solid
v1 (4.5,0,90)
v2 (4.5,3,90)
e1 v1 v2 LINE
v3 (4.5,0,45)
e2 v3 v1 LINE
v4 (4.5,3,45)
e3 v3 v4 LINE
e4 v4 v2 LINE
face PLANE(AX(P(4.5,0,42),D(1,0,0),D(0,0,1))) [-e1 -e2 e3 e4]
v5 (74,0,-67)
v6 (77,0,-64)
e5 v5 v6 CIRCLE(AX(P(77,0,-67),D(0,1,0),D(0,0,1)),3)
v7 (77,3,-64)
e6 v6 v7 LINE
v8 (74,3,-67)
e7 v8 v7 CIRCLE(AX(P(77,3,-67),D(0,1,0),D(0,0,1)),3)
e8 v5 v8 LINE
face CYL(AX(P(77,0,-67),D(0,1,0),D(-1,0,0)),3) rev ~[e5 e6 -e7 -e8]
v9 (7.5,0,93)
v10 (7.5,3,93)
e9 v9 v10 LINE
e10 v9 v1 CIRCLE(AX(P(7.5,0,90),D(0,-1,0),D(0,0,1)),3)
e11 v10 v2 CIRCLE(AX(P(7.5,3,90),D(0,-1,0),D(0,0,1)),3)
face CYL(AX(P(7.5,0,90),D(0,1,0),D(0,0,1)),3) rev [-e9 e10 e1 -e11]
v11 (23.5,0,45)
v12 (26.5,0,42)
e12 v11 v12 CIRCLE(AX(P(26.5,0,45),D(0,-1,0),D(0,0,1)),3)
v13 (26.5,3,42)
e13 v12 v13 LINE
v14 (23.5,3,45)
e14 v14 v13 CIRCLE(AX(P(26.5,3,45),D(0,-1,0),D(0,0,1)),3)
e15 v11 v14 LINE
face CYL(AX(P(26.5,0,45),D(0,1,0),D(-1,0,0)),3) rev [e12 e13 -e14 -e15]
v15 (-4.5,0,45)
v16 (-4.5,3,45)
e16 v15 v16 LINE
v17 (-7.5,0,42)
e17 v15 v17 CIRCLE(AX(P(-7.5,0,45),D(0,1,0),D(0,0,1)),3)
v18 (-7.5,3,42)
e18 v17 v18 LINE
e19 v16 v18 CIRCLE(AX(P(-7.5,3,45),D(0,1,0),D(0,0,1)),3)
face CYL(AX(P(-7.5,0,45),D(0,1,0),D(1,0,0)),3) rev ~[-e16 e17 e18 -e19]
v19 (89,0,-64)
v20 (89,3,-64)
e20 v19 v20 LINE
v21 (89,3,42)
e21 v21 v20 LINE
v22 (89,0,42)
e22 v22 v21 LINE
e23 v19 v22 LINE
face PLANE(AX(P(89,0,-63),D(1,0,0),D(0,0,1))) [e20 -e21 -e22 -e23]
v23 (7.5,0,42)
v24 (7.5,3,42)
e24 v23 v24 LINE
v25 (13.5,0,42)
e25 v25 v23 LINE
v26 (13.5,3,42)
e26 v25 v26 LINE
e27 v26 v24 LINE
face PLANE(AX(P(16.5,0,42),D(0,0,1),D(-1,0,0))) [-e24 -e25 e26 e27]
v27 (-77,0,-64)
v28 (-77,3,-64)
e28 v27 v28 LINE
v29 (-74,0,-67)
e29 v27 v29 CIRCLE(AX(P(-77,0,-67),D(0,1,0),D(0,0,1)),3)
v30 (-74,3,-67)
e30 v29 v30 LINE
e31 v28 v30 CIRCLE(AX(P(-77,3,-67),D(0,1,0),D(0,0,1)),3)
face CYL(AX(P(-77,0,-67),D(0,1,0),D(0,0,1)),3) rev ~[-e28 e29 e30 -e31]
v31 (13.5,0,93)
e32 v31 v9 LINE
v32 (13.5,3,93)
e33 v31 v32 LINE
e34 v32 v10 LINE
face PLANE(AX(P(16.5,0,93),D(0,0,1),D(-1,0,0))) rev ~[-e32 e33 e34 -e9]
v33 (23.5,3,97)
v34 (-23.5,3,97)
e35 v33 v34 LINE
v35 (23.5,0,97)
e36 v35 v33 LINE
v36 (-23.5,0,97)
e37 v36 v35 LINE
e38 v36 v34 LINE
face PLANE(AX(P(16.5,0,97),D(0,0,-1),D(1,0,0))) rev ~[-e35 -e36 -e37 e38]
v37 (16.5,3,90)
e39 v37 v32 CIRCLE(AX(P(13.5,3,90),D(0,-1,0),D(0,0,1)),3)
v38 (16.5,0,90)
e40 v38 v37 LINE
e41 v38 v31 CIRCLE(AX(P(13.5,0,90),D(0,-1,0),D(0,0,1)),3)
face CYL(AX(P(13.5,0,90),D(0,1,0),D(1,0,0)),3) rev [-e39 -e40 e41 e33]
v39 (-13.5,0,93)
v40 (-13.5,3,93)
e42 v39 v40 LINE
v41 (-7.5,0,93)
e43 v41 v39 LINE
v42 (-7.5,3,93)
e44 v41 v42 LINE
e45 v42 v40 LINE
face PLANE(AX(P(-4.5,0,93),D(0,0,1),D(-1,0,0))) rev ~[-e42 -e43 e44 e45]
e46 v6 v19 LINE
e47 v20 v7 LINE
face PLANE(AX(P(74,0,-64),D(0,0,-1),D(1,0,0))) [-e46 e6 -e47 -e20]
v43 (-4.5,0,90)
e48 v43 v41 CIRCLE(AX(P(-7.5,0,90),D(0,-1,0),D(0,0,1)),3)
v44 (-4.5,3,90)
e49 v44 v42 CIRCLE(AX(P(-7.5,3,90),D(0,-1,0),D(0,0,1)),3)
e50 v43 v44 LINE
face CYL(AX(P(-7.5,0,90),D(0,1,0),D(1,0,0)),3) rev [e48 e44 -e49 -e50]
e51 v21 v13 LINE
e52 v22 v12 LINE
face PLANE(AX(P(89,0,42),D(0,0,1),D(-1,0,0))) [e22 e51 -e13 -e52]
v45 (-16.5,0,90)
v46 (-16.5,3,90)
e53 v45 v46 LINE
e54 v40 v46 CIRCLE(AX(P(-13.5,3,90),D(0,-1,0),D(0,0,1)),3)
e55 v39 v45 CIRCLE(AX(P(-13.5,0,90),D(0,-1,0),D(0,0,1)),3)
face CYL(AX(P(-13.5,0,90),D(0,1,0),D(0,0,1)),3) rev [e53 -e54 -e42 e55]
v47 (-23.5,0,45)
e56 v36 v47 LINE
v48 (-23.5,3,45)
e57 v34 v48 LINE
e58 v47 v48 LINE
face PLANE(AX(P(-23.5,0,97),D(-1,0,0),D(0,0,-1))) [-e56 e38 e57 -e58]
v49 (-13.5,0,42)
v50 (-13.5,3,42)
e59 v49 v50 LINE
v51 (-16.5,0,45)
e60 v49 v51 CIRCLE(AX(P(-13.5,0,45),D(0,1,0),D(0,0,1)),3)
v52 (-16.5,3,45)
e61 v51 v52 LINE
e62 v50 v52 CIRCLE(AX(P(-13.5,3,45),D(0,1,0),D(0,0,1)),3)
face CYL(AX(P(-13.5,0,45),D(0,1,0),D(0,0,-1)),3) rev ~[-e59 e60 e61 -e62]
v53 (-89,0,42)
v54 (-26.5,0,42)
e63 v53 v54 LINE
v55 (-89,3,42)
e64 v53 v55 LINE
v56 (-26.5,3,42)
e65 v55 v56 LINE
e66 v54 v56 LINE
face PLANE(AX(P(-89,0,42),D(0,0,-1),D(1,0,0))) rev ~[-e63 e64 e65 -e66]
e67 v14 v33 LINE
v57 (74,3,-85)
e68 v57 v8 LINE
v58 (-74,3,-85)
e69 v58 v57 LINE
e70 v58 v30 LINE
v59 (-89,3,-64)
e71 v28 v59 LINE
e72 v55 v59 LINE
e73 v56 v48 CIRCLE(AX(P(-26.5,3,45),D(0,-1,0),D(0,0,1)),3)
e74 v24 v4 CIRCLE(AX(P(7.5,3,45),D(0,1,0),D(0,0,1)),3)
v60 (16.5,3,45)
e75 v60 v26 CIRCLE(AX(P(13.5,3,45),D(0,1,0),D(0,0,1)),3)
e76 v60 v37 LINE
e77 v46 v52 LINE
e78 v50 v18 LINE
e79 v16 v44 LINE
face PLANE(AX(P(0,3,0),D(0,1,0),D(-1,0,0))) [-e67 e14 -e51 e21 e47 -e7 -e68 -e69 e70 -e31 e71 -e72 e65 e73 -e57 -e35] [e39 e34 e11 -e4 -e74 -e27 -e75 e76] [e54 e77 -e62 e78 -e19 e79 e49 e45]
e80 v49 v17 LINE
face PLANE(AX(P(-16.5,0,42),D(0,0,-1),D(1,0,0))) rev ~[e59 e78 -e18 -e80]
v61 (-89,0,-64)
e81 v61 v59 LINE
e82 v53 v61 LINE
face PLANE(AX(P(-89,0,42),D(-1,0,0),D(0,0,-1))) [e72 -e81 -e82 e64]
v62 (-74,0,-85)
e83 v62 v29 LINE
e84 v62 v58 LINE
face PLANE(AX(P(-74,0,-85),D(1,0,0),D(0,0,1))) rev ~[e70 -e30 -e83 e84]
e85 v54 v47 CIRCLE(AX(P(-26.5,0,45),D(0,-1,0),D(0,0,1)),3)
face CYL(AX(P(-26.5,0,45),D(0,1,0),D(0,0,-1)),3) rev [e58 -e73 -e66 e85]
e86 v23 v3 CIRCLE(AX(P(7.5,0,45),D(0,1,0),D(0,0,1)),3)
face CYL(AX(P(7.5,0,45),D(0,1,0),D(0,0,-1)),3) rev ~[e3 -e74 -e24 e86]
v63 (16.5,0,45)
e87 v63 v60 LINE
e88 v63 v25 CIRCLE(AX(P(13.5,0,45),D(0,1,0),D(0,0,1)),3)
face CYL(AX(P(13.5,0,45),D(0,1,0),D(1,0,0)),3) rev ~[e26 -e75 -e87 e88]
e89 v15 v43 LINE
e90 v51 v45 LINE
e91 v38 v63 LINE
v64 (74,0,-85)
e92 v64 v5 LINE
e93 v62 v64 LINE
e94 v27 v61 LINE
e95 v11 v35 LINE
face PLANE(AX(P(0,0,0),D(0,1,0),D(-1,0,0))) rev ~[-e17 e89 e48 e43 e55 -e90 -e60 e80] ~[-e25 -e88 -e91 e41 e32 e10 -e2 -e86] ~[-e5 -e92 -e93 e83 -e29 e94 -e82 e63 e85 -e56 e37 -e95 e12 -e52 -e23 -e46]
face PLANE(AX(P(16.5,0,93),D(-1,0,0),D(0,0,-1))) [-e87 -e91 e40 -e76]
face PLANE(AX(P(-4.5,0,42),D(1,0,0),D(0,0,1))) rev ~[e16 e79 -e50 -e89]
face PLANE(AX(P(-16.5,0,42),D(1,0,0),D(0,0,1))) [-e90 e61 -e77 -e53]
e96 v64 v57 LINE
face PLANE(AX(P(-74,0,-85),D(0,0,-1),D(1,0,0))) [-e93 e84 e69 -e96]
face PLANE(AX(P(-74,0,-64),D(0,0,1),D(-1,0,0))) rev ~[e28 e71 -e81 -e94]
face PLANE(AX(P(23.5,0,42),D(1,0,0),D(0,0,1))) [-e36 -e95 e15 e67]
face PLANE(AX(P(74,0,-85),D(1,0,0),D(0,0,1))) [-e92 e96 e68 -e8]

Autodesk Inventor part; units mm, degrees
ref_plane "YZ Plane" through (0, 0, 0) normal (1, 0, 0) x (0, 1, 0)
ref_plane "XZ Plane" through (0, 0, 0) normal (0, 1, 0) x (-1, 0, 0)
ref_plane "XY Plane" through (0, 0, 0) normal (0, 0, 1) x (1, 0, 0)
sketch "Sketch2" plane through (0, 0, 0) normal (0, 1, 0) x (-1, 0, 0)
  line L0 (-89, 99) -> (89, 99)
  line L1 (89, 99) -> (89, -99)
  line L2 (89, -99) -> (-89, -99)
  line L3 (-89, -99) -> (-89, 99)
  line L4 (-89, 99) -> (89, -99) construction
  line L5 (89, 99) -> (-89, -99) construction
  line L6 (-89, 99) -> (89, 99)
  line L7 (89, 99) -> (89, -85)
  line L8 (89, -85) -> (-89, -85)
  line L9 (-89, -85) -> (-89, 99)
  line L10 (-4.5, 99) -> (-89, 99)
  line L11 (-89, 99) -> (-89, 42)
  line L12 (-89, 42) -> (-4.5, 42)
  line L13 (-4.5, 42) -> (-4.5, 99)
  line L14 (4.5, 99) -> (89, 99)
  line L15 (89, 99) -> (89, 42)
  line L16 (89, 42) -> (4.5, 42)
  line L17 (4.5, 42) -> (4.5, 99)
  line L18 (22.5, 77.5) -> (22.5, 66.5) projected
  line L19 (16.5, 66.5) -> (16.5, 77.5) projected
  line L20 (-22.5, 66.5) -> (-22.5, 77.5) projected
  line L21 (-16.5, 77.5) -> (-16.5, 66.5) projected
  line L22 (-23.5, 99) -> (-16.5, 99)
  line L23 (-16.5, 99) -> (-16.5, 42)
  line L24 (-16.5, 42) -> (-23.5, 42)
  line L25 (-23.5, 42) -> (-23.5, 99)
  line L26 (16.5, 99) -> (23.5, 99)
  line L27 (23.5, 99) -> (23.5, 42)
  line L28 (23.5, 42) -> (16.5, 42)
  line L29 (16.5, 42) -> (16.5, 99)
  line L30 (-89, 99) -> (89, 99)
  line L31 (89, 99) -> (89, 97)
  line L32 (89, 97) -> (-89, 97)
  line L33 (-89, 97) -> (-89, 99)
  line L34 (89, -85) -> (74, -85)
  line L35 (74, -85) -> (74, -64)
  line L36 (74, -64) -> (89, -64)
  line L37 (89, -64) -> (89, -85)
  line L38 (-89, -85) -> (-74, -85)
  line L39 (-74, -85) -> (-74, -64)
  line L40 (-74, -64) -> (-89, -64)
  line L41 (-89, -64) -> (-89, -85)
  line L42 (16.5, 97) -> (-16.5, 97)
  line L43 (-16.5, 97) -> (-16.5, 93)
  line L44 (-16.5, 93) -> (16.5, 93)
  line L45 (16.5, 93) -> (16.5, 97)
  line L46 (-84.4, -75) -> (-84.4, -71.5) projected
  line L47 (-84.4, -71.5) -> (-87, -71.5) projected
  line L48 (-87, -71.5) -> (-87, -75) projected
  line L49 (-87, -75) -> (-84.4, -75) projected
  line L50 (-79.6, -75) -> (-77, -75) projected
  line L51 (-77, -75) -> (-77, -71.5) projected
  line L52 (-77, -71.5) -> (-79.6, -71.5) projected
  line L53 (-79.6, -71.5) -> (-79.6, -75) projected
  line L54 (-75, -78) -> (-89, -78) projected
  line L55 (-89, -78) -> (-89, -63) projected
  line L56 (-89, -63) -> (-75, -63) projected
  line L57 (-75, -63) -> (-75, -78) projected
  circle A0 centre (-80.45, -67.25) radius 1.25 projected
  point P0 (0, 0)
  point P1 (4.5, 99)
  point P2 (-4.5, 99)
  point P3 (-89, 42)
  point P4 (89, 42)
  point P5 (4.5, 97)
  point P6 (-4.5, 97)
  point P7 (-16.5, 97)
  point P8 (-23.5, 97)
  point P9 (23.5, 97)
  point P10 (16.5, 98)
  point P11 (-4.5, 93)
  point P12 (4.5, 93)
  point P13 (16.5, 93)
  dimension "d8" = 178
  dimension "d9" = 198
  dimension "d10" = 14
  dimension "d11" = 84.5
  dimension "d13" = 84.5
  dimension "d17" = 9
  dimension "d18" = 2
  dimension "d19" = 15
  dimension "d20" = 21
  dimension "d21" = 15
  dimension "d22" = 21
  dimension "d75" = 55
  dimension "d76" = 55
  dimension "d77" = 7
  dimension "d78" = 7
  dimension "d79" = 4
extrude "Extrusion2" add sketch "Sketch2" along normal blind 3 contours L32 L23 L21 L12 L25 | L12 L13 L44 L17 L16 L1 L36 L35 L8 L39 L40 L57 L56 L3 | L32 L13 L44 L23 | L56 L57 L40 L3 | L32 L17 L44 L13 | L32 L29 L44 L17 | L32 L27 L16 L29 L19
fillet "Fillet5" radius 3 12 edges at (-16.5, 1.5, 42) (-4.5, 1.5, 42) (-23.5, 1.5, 42) (16.5, 1.5, 42) (-16.5, 1.5, 93) (-4.5, 1.5, 93) (4.5, 1.5, 93) (16.5, 1.5, 93) (4.5, 1.5, 42) (23.5, 1.5, 42) (74, 1.5, -64) (-74, 1.5, -64)
equation "\"d11\" = d13"
properties part number "base" material "Aluminum 6061"
